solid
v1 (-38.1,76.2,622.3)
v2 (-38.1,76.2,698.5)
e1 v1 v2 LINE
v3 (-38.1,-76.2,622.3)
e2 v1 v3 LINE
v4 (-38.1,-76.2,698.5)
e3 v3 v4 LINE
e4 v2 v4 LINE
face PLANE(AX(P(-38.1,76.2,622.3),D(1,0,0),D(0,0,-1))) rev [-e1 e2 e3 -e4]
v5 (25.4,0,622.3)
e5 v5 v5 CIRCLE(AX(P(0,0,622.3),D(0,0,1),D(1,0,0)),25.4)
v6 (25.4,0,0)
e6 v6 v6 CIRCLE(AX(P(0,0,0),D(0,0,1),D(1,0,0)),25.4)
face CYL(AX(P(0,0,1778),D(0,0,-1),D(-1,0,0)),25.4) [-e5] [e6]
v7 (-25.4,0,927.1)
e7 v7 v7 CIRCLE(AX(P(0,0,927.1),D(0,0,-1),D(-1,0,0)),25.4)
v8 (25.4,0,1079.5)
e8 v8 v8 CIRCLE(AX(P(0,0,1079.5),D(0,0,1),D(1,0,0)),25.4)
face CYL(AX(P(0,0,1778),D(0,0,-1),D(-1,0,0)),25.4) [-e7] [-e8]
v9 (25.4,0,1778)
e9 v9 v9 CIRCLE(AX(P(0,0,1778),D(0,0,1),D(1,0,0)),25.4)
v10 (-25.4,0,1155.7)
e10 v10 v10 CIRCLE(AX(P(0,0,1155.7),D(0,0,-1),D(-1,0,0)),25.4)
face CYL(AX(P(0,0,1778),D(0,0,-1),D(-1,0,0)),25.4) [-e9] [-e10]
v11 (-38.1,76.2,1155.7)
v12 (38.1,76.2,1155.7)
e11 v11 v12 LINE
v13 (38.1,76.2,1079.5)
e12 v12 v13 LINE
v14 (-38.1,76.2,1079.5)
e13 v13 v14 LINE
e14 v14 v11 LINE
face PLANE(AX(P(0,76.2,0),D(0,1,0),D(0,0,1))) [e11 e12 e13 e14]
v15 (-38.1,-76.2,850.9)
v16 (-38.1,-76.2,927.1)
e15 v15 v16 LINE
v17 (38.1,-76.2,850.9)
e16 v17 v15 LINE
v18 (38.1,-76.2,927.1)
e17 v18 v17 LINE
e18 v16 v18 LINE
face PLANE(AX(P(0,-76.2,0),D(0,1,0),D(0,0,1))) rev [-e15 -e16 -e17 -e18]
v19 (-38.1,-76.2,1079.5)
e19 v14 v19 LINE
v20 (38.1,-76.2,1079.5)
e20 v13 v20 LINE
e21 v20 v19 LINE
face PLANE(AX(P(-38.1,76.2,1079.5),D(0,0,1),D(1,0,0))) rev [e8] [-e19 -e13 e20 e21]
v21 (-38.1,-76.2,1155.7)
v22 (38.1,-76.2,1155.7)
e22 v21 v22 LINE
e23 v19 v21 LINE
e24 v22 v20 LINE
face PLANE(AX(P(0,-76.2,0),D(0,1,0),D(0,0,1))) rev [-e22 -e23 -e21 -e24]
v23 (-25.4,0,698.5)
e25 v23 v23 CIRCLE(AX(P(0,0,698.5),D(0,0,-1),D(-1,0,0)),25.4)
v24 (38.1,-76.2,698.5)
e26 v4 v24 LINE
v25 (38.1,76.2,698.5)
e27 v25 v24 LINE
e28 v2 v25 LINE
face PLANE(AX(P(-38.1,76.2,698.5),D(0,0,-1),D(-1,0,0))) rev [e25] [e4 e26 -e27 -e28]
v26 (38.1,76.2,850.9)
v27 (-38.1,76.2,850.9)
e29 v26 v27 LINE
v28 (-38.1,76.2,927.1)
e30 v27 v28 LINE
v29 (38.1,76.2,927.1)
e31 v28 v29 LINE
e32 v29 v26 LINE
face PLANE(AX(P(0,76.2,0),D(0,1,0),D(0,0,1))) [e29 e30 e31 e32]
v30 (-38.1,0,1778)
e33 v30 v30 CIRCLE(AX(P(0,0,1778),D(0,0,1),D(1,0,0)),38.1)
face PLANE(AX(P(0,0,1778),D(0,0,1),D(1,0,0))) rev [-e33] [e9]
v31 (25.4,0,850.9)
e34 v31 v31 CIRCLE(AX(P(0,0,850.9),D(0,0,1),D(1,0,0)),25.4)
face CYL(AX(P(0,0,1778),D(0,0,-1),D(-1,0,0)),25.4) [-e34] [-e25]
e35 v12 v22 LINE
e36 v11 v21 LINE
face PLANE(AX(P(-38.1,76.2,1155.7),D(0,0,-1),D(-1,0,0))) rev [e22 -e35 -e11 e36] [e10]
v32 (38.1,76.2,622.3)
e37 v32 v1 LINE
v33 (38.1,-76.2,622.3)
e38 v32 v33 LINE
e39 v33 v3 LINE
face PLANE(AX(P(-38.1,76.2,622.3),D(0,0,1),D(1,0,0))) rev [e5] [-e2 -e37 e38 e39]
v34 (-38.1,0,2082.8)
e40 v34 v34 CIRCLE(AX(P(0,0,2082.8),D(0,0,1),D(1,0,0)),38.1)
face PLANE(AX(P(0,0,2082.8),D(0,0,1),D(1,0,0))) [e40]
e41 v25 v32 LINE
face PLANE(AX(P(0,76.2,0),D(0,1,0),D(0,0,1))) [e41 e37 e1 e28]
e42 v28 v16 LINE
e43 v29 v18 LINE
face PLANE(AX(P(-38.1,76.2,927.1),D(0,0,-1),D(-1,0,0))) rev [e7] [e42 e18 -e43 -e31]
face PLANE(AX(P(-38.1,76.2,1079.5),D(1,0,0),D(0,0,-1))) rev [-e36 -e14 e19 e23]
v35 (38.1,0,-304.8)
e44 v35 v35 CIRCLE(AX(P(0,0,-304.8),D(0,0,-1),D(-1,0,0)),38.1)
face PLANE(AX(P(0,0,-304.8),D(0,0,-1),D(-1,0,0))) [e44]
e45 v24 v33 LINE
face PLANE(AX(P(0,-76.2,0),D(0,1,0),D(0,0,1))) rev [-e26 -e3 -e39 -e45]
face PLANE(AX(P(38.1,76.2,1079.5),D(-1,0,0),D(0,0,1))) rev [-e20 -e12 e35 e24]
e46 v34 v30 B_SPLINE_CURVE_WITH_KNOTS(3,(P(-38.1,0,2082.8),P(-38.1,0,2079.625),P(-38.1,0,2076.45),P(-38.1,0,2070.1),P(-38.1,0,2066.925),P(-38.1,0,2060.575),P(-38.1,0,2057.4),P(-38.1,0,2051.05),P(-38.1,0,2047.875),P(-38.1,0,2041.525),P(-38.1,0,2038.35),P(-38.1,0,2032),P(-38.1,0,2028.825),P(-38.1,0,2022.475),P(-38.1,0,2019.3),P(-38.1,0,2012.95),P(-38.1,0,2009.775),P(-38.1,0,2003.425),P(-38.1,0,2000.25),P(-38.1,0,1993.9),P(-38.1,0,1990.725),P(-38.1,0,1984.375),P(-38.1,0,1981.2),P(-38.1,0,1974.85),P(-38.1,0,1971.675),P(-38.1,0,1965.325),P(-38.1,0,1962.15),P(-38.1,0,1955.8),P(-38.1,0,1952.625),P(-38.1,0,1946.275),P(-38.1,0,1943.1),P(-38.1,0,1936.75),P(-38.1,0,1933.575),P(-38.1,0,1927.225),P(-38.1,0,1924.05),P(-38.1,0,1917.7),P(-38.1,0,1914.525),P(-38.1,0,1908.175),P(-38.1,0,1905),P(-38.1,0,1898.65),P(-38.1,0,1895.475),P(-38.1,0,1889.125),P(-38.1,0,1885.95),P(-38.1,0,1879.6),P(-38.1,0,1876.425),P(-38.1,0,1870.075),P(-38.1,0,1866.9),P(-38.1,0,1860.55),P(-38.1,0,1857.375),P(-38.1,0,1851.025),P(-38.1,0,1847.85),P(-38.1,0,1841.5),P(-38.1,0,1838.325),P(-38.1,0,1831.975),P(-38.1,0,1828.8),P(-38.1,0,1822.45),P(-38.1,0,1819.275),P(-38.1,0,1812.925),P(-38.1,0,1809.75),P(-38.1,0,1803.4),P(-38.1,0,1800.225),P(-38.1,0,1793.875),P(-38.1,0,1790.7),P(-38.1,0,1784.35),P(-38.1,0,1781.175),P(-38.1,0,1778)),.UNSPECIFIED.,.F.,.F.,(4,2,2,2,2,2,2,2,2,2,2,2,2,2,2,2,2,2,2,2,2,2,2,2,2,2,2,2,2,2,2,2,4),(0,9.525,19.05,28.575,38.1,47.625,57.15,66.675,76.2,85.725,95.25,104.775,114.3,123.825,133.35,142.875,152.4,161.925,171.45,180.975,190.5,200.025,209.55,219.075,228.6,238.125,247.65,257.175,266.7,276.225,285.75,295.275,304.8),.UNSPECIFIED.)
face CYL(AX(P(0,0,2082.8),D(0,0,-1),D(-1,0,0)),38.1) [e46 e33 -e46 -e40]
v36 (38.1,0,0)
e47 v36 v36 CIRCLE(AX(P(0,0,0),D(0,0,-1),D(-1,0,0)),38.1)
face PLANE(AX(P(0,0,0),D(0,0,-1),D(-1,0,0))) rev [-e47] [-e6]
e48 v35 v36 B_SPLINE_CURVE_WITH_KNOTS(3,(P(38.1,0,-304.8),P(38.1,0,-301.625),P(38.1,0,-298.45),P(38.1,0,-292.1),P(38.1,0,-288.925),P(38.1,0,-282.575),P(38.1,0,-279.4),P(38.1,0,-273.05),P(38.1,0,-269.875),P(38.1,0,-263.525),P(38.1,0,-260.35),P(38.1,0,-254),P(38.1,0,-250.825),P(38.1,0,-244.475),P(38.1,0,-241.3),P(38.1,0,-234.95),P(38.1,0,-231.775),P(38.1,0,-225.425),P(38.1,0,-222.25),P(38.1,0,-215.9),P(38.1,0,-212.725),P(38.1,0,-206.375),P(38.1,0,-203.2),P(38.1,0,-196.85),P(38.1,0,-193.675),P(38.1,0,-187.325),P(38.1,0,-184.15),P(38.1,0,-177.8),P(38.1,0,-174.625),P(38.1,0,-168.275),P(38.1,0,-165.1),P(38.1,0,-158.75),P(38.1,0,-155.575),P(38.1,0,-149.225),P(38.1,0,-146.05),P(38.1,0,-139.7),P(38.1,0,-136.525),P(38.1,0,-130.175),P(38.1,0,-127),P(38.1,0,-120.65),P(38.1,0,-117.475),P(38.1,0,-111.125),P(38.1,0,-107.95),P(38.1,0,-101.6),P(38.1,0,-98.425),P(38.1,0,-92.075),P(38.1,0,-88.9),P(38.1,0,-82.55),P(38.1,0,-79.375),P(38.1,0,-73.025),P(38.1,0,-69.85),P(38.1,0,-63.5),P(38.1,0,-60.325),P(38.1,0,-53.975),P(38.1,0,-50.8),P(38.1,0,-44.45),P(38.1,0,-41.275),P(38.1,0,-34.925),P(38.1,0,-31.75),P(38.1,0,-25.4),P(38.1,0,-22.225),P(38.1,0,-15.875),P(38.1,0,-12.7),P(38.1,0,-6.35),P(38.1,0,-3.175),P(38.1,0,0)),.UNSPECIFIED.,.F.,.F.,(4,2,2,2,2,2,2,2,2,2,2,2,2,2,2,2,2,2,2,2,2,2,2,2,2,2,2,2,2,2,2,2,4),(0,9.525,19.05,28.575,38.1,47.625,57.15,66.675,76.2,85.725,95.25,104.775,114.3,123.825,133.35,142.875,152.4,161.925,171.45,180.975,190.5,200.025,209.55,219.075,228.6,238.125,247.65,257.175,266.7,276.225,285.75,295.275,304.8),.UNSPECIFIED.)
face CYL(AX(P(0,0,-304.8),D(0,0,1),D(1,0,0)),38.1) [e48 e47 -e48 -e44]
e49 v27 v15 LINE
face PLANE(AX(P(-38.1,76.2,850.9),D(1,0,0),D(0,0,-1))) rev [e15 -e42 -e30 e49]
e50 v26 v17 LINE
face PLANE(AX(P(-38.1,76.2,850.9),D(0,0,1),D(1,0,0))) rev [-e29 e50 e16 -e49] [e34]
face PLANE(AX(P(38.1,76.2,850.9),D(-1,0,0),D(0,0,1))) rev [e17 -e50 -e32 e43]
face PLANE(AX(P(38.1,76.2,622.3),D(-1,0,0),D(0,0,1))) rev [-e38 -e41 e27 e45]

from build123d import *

# Parameters (mm, degrees)
SKETCH1_R           = 25.4
BOSS_EXTRUDE1_DEPTH = 1778
SKETCH2_R           = 38.1
BOSS_EXTRUDE2_DEPTH = 304.8
BOSS_EXTRUDE3_START = 304.8
SKETCH3_R           = 38.1
BOSS_EXTRUDE3_DEPTH = 304.8
SKETCH4_W           = 76.2
SKETCH4_H           = 76.2
BOSS_EXTRUDE4_DEPTH = 76.2


with BuildPart() as part:
    # Sketch1 → Boss-Extrude1 (new body)
    with BuildSketch(Plane.XY):
        Circle(SKETCH1_R)
    extrude(amount=BOSS_EXTRUDE1_DEPTH)

    # Sketch2 → Boss-Extrude2 (add)
    with BuildSketch(Plane.XY.offset(1778)):
        with Locations(Location((0, 0, 0), (0, 0, 180))):
            Circle(SKETCH2_R)
    extrude(amount=BOSS_EXTRUDE2_DEPTH)

    # Sketch3 → Boss-Extrude3 (add)
    with BuildSketch(Plane(origin=(0, 0, 0), x_dir=(-1, 0, 0), z_dir=(0, 0, -1)).offset(BOSS_EXTRUDE3_START)):
        Circle(SKETCH3_R)
    extrude(amount=-BOSS_EXTRUDE3_DEPTH)

    # Sketch4 → Boss-Extrude4 (add, symmetric)
    with BuildSketch(Plane(origin=(0, 0, 0), x_dir=(1, 0, 0), z_dir=(0, 1, 0))):
        with Locations((0, -889)):
            Rectangle(SKETCH4_W, SKETCH4_H)
        with Locations((0, -1117.6)):
            Rectangle(SKETCH4_W, SKETCH4_H)
        with Locations((0, -660.4)):
            Rectangle(SKETCH4_W, SKETCH4_H)
    extrude(amount=BOSS_EXTRUDE4_DEPTH, both=True)


solid = part.part
